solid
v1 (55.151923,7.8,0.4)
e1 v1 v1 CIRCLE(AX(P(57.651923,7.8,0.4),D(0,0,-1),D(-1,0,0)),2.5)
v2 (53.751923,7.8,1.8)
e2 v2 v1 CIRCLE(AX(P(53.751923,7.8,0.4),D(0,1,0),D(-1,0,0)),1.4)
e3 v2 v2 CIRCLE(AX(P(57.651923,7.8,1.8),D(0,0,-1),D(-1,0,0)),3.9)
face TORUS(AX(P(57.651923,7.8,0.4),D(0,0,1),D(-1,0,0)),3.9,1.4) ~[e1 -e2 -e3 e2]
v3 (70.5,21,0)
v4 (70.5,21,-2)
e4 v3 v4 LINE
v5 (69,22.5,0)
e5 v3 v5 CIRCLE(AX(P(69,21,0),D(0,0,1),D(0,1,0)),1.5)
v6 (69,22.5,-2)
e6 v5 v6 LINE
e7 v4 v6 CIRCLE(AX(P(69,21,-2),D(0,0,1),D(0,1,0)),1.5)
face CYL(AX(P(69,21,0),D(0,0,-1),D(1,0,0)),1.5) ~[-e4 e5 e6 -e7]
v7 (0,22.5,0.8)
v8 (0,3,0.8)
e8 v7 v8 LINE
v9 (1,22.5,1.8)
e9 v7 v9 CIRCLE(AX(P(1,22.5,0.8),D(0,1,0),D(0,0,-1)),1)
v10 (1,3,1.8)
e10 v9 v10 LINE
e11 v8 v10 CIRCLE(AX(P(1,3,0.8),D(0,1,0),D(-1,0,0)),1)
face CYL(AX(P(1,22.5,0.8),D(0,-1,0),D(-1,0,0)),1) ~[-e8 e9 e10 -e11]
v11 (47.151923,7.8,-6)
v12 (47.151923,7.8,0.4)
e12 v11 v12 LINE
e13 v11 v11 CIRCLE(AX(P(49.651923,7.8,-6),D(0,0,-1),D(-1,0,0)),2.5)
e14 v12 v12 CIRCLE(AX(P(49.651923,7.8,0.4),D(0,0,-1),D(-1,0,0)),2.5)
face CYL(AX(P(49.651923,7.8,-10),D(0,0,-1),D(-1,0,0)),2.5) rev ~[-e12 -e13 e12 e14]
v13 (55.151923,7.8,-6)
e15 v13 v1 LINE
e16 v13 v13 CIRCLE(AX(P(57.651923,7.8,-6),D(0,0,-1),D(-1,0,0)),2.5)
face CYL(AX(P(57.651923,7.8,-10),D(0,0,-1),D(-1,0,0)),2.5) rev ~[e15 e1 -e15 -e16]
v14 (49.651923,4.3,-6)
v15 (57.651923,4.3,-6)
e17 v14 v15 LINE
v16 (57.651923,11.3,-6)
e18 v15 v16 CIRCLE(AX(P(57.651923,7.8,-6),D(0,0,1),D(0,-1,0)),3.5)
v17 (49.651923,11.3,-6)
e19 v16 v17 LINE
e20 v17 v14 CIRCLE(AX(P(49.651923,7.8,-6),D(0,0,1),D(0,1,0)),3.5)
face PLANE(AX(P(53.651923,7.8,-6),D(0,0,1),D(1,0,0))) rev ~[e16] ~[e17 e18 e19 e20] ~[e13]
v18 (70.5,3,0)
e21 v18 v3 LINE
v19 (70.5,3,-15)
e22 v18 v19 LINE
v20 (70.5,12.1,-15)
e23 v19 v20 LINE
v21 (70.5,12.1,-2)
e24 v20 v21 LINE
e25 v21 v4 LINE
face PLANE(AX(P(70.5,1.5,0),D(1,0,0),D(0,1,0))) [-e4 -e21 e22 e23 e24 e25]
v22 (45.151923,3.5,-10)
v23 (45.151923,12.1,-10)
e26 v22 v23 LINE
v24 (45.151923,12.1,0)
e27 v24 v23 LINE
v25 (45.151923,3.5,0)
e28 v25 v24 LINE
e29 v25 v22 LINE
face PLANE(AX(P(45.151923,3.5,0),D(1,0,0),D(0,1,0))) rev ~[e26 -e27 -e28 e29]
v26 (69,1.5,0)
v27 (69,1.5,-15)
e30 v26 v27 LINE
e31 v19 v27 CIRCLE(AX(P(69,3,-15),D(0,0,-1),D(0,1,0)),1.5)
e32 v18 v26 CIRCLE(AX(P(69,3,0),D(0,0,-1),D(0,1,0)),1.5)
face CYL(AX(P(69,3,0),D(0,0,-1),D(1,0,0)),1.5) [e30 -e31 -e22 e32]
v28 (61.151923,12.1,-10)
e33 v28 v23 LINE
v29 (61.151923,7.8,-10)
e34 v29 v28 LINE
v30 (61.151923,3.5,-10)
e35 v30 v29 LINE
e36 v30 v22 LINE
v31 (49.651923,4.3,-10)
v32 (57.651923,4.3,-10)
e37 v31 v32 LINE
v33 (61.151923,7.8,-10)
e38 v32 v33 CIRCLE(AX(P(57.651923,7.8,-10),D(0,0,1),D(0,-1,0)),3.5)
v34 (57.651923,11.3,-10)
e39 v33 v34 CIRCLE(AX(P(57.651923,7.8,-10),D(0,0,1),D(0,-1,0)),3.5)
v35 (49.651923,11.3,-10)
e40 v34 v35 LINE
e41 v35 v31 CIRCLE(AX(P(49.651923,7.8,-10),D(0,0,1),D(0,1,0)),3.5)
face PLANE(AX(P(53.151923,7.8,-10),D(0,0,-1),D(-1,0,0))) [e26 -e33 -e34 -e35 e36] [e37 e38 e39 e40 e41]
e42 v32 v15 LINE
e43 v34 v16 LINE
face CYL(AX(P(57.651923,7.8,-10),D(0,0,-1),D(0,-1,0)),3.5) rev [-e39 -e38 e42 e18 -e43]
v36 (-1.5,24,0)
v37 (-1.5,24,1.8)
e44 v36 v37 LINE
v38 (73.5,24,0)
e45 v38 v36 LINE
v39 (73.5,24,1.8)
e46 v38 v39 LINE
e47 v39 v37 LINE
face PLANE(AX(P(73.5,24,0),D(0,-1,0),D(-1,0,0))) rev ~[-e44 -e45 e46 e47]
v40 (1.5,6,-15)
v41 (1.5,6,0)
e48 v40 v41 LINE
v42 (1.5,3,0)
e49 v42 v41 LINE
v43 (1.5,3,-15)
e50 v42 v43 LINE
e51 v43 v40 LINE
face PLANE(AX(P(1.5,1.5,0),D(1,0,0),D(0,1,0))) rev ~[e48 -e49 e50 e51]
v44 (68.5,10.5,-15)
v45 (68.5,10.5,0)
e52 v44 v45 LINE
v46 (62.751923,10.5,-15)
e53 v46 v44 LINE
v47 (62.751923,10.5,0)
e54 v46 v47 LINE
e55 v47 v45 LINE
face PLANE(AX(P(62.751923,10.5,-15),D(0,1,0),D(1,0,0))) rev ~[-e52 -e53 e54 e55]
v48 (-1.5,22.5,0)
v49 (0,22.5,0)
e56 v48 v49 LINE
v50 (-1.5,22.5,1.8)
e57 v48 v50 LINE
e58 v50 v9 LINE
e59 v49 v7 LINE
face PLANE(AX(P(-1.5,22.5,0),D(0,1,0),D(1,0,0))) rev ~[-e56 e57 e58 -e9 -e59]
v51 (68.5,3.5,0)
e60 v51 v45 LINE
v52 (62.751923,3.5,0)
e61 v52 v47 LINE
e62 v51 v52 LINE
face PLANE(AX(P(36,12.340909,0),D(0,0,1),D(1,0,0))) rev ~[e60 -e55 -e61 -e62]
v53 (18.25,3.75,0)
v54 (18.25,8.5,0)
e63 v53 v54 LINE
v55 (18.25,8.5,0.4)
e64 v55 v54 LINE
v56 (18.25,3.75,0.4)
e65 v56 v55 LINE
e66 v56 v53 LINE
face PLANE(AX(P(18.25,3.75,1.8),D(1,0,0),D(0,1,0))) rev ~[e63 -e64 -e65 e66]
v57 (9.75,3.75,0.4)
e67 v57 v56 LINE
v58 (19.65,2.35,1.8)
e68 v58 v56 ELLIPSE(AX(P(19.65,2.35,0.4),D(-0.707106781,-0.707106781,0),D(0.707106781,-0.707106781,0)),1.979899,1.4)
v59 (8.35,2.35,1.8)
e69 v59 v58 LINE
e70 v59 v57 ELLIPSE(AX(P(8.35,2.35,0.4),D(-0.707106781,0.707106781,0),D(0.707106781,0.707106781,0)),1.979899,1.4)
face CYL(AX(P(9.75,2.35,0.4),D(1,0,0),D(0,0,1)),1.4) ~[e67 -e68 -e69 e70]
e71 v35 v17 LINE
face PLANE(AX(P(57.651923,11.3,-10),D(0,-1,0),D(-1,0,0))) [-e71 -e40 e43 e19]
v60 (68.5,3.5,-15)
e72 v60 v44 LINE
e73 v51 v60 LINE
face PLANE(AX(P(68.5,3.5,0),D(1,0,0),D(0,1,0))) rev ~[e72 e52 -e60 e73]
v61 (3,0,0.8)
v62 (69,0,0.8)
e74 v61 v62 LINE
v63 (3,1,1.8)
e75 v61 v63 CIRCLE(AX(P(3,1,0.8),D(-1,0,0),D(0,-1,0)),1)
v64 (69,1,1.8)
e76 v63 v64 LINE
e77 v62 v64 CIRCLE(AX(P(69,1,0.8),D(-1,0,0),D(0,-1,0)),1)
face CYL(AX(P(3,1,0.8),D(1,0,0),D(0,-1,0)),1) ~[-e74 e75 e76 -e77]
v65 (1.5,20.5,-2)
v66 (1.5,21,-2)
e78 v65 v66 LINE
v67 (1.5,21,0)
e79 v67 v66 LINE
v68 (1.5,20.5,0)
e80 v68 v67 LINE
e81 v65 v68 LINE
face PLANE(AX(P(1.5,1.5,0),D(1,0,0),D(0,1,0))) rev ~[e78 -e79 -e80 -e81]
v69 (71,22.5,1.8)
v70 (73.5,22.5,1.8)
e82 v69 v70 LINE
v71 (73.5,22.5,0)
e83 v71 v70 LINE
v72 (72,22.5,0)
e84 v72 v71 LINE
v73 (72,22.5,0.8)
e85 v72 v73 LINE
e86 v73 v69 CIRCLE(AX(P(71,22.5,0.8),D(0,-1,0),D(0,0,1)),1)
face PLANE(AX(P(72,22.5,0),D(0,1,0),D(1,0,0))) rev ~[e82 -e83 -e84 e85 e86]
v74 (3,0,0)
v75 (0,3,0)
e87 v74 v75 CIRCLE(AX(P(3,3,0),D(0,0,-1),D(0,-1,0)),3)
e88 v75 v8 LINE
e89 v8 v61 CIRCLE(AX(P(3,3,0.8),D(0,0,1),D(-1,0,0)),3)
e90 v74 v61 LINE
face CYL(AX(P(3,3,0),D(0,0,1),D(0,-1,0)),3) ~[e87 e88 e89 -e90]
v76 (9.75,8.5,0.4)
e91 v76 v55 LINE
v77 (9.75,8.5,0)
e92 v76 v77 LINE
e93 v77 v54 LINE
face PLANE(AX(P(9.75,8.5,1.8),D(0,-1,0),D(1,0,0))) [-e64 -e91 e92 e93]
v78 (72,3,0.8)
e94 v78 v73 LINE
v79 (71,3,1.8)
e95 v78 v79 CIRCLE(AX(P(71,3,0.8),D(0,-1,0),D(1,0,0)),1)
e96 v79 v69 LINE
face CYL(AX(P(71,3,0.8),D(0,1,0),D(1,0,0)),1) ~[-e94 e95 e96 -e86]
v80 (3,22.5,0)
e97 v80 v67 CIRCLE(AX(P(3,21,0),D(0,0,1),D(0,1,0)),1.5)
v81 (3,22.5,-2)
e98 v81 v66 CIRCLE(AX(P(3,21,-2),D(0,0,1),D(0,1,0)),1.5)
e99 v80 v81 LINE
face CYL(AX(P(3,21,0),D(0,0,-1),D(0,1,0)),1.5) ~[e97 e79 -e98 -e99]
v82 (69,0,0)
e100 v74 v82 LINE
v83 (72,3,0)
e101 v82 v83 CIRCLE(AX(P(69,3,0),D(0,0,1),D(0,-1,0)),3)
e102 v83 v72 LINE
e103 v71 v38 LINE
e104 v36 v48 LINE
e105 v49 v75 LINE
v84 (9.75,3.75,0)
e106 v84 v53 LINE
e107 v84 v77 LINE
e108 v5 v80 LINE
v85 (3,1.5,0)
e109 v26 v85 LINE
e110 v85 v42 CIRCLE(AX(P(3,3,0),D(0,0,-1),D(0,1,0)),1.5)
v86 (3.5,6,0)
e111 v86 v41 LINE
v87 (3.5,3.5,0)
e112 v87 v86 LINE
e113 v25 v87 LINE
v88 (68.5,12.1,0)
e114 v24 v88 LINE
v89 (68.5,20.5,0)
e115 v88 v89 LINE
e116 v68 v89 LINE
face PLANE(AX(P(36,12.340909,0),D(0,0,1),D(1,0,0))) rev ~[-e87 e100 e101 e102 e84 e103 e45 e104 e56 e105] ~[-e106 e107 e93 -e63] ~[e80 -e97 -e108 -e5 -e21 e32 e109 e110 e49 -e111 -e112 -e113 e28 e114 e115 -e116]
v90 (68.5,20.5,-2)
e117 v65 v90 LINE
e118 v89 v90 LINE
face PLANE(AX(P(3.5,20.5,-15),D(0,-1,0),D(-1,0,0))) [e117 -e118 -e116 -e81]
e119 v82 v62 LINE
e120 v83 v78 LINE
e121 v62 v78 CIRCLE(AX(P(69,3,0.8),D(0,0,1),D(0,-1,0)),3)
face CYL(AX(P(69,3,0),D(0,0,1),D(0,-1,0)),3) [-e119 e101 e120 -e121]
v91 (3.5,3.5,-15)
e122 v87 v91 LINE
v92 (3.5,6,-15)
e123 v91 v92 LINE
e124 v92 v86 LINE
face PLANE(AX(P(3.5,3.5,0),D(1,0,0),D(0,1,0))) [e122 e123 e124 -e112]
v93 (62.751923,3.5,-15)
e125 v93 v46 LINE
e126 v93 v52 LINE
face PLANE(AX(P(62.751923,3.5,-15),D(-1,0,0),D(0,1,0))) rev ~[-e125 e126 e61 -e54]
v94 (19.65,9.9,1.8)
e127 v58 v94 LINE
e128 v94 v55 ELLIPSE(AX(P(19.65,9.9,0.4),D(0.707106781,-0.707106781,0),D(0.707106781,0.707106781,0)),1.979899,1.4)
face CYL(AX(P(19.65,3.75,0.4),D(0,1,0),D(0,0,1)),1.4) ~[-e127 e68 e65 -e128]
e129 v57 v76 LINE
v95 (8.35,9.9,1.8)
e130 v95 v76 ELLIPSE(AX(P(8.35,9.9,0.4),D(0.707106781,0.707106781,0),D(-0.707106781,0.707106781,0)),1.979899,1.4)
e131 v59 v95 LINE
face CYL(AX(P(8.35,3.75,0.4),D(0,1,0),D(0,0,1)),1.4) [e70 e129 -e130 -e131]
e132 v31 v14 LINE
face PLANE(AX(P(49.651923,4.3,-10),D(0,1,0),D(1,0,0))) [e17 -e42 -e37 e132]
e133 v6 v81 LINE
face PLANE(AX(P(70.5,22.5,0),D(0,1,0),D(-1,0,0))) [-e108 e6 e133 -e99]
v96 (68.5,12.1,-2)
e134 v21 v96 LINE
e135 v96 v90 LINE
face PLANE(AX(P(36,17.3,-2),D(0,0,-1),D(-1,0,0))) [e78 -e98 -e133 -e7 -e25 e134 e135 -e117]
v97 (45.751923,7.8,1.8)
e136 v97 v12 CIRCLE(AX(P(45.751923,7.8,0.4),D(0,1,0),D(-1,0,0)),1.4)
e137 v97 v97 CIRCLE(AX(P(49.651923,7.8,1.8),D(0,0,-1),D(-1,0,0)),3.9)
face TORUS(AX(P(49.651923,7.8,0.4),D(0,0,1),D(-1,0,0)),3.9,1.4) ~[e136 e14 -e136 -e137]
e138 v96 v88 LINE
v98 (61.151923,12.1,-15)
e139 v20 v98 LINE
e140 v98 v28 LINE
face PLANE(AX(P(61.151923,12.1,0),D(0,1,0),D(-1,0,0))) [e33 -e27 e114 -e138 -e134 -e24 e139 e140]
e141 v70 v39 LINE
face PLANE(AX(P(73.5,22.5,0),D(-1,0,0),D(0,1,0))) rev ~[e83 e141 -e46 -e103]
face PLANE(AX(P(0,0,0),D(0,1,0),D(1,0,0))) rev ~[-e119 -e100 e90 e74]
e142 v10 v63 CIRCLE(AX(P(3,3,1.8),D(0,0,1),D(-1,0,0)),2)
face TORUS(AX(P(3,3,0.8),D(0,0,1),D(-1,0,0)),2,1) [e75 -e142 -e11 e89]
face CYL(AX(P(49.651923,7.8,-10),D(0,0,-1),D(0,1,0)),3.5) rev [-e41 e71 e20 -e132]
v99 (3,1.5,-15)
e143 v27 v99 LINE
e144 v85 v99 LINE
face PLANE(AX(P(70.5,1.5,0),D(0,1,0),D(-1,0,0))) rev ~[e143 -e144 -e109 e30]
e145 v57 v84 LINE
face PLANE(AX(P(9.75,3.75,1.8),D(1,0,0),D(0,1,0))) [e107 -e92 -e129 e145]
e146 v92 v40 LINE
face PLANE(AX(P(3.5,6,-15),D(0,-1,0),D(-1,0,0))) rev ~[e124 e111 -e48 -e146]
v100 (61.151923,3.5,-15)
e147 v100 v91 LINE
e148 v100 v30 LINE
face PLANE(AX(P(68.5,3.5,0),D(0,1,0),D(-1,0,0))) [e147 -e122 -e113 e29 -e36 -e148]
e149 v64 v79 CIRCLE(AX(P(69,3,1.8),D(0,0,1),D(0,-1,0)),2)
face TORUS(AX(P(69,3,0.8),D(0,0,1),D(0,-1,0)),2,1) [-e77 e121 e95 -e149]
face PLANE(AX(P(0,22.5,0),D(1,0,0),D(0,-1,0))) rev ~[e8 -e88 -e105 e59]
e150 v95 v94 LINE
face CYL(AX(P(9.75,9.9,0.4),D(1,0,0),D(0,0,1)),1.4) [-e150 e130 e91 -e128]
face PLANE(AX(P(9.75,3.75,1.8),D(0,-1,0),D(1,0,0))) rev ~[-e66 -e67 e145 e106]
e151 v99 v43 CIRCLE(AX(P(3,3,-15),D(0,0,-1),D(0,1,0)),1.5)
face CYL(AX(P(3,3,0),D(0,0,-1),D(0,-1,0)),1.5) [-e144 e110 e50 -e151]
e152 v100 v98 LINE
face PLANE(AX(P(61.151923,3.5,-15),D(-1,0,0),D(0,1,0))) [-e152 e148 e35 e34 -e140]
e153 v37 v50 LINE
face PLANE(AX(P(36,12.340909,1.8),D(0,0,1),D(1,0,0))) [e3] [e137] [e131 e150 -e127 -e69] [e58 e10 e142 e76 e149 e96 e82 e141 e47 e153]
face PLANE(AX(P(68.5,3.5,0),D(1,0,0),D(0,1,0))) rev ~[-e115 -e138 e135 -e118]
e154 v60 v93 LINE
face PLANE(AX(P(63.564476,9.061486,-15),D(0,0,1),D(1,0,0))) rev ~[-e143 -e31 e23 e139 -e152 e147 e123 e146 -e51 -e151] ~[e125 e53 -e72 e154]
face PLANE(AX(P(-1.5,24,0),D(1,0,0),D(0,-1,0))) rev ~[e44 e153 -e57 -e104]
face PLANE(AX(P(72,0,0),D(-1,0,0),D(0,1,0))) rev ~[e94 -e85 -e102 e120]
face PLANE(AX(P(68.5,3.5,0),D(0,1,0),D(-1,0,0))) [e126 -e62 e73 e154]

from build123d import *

# Parameters (mm, degrees)
BOSS_EXTRUDE1_DEPTH = 1.8
SKETCH2_W           = 69
SKETCH2_H           = 21
SKETCH2_W_2         = 65
SKETCH2_H_2         = 17
BOSS_EXTRUDE2_DEPTH = 15
SKETCH3_W           = 2
SKETCH3_H           = 14.5
CUT_EXTRUDE2_DEPTH  = 15
SKETCH4_W           = 69
SKETCH4_H           = 10.4
CUT_EXTRUDE4_DEPTH  = 13
BOSS_EXTRUDE4_DEPTH = 15
SKETCH8_W           = 16
SKETCH8_H           = 8.6
BOSS_EXTRUDE5_DEPTH = 10
SKETCH9_R           = 2.5
CUT_EXTRUDE5_DEPTH  = 12
CUT_EXTRUDE6_DEPTH  = 4
FILLET1_R           = 1.4
SKETCH11_W          = 8.5
SKETCH11_H          = 4.75
CUT_EXTRUDE7_DEPTH  = 4
FILLET2_R           = 1.4
FILLET6_R           = 1.5
FILLET7_R           = 1.5
FILLET8_R           = 3
FILLET9_R           = 1


with BuildPart() as part:
    # Sketch1 → Boss-Extrude1 (new body)
    with BuildSketch(Plane.XY):
        Polygon((0, 0), (72, 0), (72, 22.5), (73.5, 22.5), (73.5, 24), (72, 24), (0, 24), (-1.5, 24), (-1.5, 22.5), (0, 22.5), align=None)
    extrude(amount=BOSS_EXTRUDE1_DEPTH)

    # Sketch2 → Boss-Extrude2 (add)
    with BuildSketch(Plane(origin=(0, 0, 0), x_dir=(-1, 0, 0), z_dir=(0, 0, -1))):
        with Locations((-36, 12)):
            Rectangle(SKETCH2_W, SKETCH2_H)
        with Locations((-36, 12)):
            Rectangle(SKETCH2_W_2, SKETCH2_H_2, mode=Mode.SUBTRACT)
    extrude(amount=BOSS_EXTRUDE2_DEPTH)

    # Sketch3 → Cut-Extrude2 (cut)
    with BuildSketch(Plane(origin=(0, 0, -15), x_dir=(-1, 0, 0), z_dir=(0, 0, -1))):
        with Locations((-2.5, 13.25)):
            Rectangle(SKETCH3_W, SKETCH3_H)
    extrude(amount=-CUT_EXTRUDE2_DEPTH, mode=Mode.SUBTRACT)

    # Sketch4 → Cut-Extrude4 (cut)
    with BuildSketch(Plane(origin=(0, 0, -15), x_dir=(-1, 0, 0), z_dir=(0, 0, -1))):
        with Locations((-36, 17.3)):
            Rectangle(SKETCH4_W, SKETCH4_H)
    extrude(amount=-CUT_EXTRUDE4_DEPTH, mode=Mode.SUBTRACT)

    # Sketch7 → Boss-Extrude4 (add)
    with BuildSketch(Plane(origin=(0, 0, -15), x_dir=(-1, 0, 0), z_dir=(0, 0, -1))):
        Polygon((-68.5, 12.1), (-61.151923341, 12.1), (-61.151923341, 10.5), (-61.151923341, 3.5), (-62.751923341, 3.5), (-62.751923341, 10.5), (-68.5, 10.5), align=None)
    extrude(amount=-BOSS_EXTRUDE4_DEPTH)

    # Sketch8 → Boss-Extrude5 (add)
    with BuildSketch(Plane(origin=(0, 0, 0), x_dir=(-1, 0, 0), z_dir=(0, 0, -1))):
        with Locations((-53.151923341, 7.8)):
            Rectangle(SKETCH8_W, SKETCH8_H)
    extrude(amount=BOSS_EXTRUDE5_DEPTH)

    # Sketch9 → Cut-Extrude5 (cut)
    with BuildSketch(Plane(origin=(0, 0, -10), x_dir=(-1, 0, 0), z_dir=(0, 0, -1))):
        with Locations((-49.651923341, 7.8)):
            Circle(SKETCH9_R)
        with Locations((-57.651923341, 7.8)):
            Circle(SKETCH9_R)
    extrude(amount=-CUT_EXTRUDE5_DEPTH, mode=Mode.SUBTRACT)

    # Sketch10 → Cut-Extrude6 (cut)
    with BuildSketch(Plane(origin=(0, 0, -10), x_dir=(-1, 0, 0), z_dir=(0, 0, -1))):
        with BuildLine():
            Line((-57.651923341, 11.3), (-49.651923341, 11.3))
            ThreePointArc((-49.651923341, 11.3), (-46.151923341, 7.8), (-49.651923341, 4.3))
            Line((-49.651923341, 4.3), (-57.651923341, 4.3))
            ThreePointArc((-57.651923341, 4.3), (-61.151923341, 7.8), (-57.651923341, 11.3))
        make_face()
    extrude(amount=-CUT_EXTRUDE6_DEPTH, mode=Mode.SUBTRACT)

    # Fillet1
    fillet1_edges = [part.edges().sort_by_distance(p)[0] for p in [
        (52.151923341, 7.8, 1.8),
        (60.151923341, 7.8, 1.8),
    ]]
    fillet(fillet1_edges, radius=FILLET1_R)

    # Sketch11 → Cut-Extrude7 (cut)
    with BuildSketch(Plane.XY.offset(1.8)):
        with Locations((14, 6.125)):
            Rectangle(SKETCH11_W, SKETCH11_H)
    extrude(amount=-CUT_EXTRUDE7_DEPTH, mode=Mode.SUBTRACT)

    # Fillet2
    fillet2_edges = [part.edges().sort_by_distance(p)[0] for p in [
        (9.75, 6.125, 1.8),
        (14, 3.75, 1.8),
        (18.25, 6.125, 1.8),
        (14, 8.5, 1.8),
    ]]
    fillet(fillet2_edges, radius=FILLET2_R)

    # Fillet6
    fillet6_edges = [part.edges().sort_by_distance(p)[0] for p in [
        (70.5, 1.5, -7.5),
        (1.5, 1.5, -7.5),
    ]]
    fillet(fillet6_edges, radius=FILLET6_R)

    # Fillet7
    fillet7_edges = [part.edges().sort_by_distance(p)[0] for p in [
        (70.5, 22.5, -1),
        (1.5, 22.5, -1),
    ]]
    fillet(fillet7_edges, radius=FILLET7_R)

    # Fillet8
    fillet8_edges = [part.edges().sort_by_distance(p)[0] for p in [
        (72, 0, 0.9),
        (0, 0, 0.9),
    ]]
    fillet(fillet8_edges, radius=FILLET8_R)

    # Fillet9
    fillet9_edges = [part.edges().sort_by_distance(p)[0] for p in [
        (72, 12.75, 1.8),
        (36, 0, 1.8),
        (0.878679656, 0.878679656, 1.8),
        (71.121320344, 0.878679656, 1.8),
        (0, 12.75, 1.8),
    ]]
    fillet(fillet9_edges, radius=FILLET9_R)


solid = part.part
